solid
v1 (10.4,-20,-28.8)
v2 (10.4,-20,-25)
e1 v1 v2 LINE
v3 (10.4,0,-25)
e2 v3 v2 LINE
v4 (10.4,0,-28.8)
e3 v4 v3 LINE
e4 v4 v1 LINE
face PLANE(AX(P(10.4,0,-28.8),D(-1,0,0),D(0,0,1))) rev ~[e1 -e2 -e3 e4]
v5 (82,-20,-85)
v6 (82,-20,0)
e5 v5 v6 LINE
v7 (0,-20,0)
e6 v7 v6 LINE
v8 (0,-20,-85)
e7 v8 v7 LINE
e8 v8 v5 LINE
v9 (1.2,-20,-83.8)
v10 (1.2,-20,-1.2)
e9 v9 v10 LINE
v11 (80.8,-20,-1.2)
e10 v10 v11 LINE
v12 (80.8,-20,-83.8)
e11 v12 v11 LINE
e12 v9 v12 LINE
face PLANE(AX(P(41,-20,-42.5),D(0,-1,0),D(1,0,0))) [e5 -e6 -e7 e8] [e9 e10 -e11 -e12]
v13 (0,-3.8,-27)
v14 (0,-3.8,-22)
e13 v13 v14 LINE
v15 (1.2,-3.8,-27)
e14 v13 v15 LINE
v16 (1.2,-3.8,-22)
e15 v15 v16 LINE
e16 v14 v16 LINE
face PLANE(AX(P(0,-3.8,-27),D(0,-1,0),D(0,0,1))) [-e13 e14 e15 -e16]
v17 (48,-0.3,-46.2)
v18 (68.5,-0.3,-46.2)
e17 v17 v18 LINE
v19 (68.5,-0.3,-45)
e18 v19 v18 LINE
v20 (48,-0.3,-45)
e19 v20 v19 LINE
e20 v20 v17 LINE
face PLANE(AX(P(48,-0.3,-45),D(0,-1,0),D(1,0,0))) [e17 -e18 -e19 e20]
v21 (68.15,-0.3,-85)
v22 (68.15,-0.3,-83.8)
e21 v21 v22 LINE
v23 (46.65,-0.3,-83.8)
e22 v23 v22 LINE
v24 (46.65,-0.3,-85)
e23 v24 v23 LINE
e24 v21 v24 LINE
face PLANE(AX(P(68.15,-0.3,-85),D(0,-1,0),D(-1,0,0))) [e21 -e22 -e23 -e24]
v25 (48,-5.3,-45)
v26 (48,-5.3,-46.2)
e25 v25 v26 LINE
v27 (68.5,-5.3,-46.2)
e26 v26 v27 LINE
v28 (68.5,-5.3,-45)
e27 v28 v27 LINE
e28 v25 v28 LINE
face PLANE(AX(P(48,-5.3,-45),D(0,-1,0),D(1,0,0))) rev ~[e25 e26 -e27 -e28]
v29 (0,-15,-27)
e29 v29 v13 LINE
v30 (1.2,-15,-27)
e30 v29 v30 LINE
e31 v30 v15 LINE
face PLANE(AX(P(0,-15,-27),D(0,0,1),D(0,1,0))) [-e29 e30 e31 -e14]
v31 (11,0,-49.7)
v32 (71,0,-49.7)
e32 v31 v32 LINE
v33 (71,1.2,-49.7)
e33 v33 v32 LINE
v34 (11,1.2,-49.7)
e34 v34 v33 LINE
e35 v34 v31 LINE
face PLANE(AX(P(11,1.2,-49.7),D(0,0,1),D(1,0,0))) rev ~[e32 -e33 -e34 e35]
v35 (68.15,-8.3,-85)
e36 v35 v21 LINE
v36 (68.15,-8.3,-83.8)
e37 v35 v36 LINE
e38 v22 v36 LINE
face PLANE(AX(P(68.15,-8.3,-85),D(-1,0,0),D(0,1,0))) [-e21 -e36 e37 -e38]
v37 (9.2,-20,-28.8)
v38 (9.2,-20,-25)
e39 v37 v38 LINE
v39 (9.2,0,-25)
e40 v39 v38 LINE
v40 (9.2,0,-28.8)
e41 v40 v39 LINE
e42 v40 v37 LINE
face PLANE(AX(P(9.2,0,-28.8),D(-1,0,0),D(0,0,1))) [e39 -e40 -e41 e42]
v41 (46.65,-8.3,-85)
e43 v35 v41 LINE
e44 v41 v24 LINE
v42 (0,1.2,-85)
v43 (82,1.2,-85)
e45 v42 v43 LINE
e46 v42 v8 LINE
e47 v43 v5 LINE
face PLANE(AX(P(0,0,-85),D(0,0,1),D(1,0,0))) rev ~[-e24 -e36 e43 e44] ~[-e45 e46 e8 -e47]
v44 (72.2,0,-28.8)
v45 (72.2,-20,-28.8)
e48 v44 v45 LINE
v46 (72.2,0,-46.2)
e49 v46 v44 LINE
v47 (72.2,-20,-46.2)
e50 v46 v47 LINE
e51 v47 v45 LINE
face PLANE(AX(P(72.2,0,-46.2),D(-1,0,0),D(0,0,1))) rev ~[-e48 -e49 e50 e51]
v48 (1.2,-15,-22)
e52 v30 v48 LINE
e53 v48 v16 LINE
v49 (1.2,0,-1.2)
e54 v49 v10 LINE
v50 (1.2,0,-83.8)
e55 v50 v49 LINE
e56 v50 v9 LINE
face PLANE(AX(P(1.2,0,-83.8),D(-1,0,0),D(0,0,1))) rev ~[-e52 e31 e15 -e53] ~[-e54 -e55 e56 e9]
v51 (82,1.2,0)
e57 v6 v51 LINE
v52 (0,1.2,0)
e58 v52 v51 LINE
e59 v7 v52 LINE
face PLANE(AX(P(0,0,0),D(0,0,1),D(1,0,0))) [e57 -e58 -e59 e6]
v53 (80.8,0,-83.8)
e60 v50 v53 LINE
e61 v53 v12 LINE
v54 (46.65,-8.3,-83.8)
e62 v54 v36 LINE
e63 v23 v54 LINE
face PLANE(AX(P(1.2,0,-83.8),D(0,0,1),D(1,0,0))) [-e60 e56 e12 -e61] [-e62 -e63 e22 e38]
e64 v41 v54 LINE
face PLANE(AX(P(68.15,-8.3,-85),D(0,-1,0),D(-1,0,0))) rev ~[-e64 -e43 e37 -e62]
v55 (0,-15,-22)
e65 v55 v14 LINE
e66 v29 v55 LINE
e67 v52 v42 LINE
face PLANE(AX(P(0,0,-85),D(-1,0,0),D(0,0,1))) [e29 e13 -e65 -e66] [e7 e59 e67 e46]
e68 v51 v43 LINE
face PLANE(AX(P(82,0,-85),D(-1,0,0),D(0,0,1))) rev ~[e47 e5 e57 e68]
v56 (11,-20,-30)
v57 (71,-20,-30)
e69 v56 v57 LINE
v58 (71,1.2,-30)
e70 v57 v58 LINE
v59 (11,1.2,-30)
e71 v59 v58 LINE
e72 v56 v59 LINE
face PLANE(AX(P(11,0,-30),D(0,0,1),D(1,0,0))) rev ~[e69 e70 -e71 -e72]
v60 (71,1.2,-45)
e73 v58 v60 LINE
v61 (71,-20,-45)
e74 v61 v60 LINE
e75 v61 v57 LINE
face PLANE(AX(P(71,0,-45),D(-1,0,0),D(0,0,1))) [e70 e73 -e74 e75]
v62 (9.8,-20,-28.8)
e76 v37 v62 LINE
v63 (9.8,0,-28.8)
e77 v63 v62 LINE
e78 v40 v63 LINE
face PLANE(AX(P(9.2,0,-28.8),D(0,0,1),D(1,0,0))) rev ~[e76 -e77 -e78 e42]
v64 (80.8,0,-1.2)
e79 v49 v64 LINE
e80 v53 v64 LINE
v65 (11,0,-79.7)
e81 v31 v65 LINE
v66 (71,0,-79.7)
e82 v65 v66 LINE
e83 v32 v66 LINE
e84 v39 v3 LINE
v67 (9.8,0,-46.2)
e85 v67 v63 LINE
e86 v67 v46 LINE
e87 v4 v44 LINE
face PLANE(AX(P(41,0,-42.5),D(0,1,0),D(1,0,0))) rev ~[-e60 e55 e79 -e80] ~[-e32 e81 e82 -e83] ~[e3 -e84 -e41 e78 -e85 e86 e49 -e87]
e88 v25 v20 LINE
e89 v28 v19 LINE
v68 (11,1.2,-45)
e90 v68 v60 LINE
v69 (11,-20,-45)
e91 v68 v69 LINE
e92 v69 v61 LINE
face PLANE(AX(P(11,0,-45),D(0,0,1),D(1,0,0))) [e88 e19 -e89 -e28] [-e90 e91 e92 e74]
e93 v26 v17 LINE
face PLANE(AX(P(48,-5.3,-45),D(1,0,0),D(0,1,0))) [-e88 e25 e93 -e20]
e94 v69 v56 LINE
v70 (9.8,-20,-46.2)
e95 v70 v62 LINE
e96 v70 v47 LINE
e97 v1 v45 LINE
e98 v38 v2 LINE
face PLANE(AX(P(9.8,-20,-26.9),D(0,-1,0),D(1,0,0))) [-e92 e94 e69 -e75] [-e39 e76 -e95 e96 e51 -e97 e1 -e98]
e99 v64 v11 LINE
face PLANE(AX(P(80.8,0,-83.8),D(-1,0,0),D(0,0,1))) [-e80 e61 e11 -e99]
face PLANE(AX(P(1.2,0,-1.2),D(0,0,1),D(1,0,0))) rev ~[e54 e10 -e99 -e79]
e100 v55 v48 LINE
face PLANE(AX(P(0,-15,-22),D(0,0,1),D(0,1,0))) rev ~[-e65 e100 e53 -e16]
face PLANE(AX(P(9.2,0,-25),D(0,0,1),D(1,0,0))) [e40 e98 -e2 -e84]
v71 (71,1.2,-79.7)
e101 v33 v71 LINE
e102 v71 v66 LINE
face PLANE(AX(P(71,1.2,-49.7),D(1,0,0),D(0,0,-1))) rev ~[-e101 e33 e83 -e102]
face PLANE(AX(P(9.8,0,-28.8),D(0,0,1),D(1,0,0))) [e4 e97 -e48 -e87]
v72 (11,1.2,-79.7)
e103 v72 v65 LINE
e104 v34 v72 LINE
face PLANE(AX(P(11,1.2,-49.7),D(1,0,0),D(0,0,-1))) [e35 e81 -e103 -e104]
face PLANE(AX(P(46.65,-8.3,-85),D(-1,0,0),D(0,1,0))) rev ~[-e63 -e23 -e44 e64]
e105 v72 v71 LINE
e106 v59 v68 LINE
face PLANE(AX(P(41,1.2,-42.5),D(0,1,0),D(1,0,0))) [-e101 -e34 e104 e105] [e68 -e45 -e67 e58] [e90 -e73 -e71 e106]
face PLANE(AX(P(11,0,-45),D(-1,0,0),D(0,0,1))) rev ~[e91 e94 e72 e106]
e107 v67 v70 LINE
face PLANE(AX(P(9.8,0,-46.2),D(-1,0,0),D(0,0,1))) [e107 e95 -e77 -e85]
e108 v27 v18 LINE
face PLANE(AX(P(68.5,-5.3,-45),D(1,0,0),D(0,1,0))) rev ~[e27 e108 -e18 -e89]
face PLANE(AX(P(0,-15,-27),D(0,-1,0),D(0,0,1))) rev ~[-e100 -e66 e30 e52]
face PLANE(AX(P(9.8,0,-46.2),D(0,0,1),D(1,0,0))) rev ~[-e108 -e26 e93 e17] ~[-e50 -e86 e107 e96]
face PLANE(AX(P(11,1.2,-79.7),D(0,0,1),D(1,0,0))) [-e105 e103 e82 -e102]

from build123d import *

# Parameters (mm, degrees)
SKETCH1_W           = 82
SKETCH1_H           = 85
BOSS_EXTRUDE1_DEPTH = 1.2
SKETCH2_W           = 60
SKETCH2_H           = 30
CUT_EXTRUDE1_DEPTH  = 2
SKETCH3_W           = 60
SKETCH3_H           = 15
CUT_EXTRUDE2_DEPTH  = 2
SKETCH4_W           = 82
SKETCH4_H           = 85
SKETCH4_W_2         = 79.6
SKETCH4_H_2         = 82.6
BOSS_EXTRUDE2_DEPTH = 20
SKETCH5_W           = 62.4
SKETCH5_H           = 17.4
SKETCH5_W_2         = 60
SKETCH5_H_2         = 15
BOSS_EXTRUDE4_DEPTH = 20
SKETCH10_W          = 1.2
SKETCH10_H          = 3.8
BOSS_EXTRUDE5_DEPTH = 20
SKETCH11_W          = 5
SKETCH11_H          = 11.2
CUT_EXTRUDE3_DEPTH  = 1.5
SKETCH12_W          = 21.5
SKETCH12_H          = 8
CUT_EXTRUDE4_DEPTH  = 1.5
SKETCH15_W          = 20.5
SKETCH15_H          = 5
CUT_EXTRUDE5_DEPTH  = 1.5


with BuildPart() as part:
    # Sketch1 → Boss-Extrude1 (new body)
    with BuildSketch(Plane(origin=(0, 0, 0), x_dir=(1, 0, 0), z_dir=(0, 1, 0))):
        with Locations((41, 42.5)):
            Rectangle(SKETCH1_W, SKETCH1_H)
    extrude(amount=BOSS_EXTRUDE1_DEPTH)

    # Sketch2 → Cut-Extrude1 (cut)
    with BuildSketch(Plane(origin=(0, 1.2, 0), x_dir=(1, 0, 0), z_dir=(0, 1, 0))):
        with Locations((41, 64.7)):
            Rectangle(SKETCH2_W, SKETCH2_H)
    extrude(amount=-CUT_EXTRUDE1_DEPTH, mode=Mode.SUBTRACT)

    # Sketch3 → Cut-Extrude2 (cut)
    with BuildSketch(Plane(origin=(0, 1.2, 0), x_dir=(1, 0, 0), z_dir=(0, 1, 0))):
        with Locations((41, 37.5)):
            Rectangle(SKETCH3_W, SKETCH3_H)
    extrude(amount=-CUT_EXTRUDE2_DEPTH, mode=Mode.SUBTRACT)

    # Sketch4 → Boss-Extrude2 (add)
    with BuildSketch(Plane.XZ):
        with Locations((41, -42.5)):
            Rectangle(SKETCH4_W, SKETCH4_H)
        with Locations((41, -42.5)):
            Rectangle(SKETCH4_W_2, SKETCH4_H_2, mode=Mode.SUBTRACT)
    extrude(amount=BOSS_EXTRUDE2_DEPTH)

    # Sketch5 → Boss-Extrude4 (add)
    with BuildSketch(Plane.XZ):
        with Locations((41, -37.5)):
            Rectangle(SKETCH5_W, SKETCH5_H)
        with Locations((41, -37.5)):
            Rectangle(SKETCH5_W_2, SKETCH5_H_2, mode=Mode.SUBTRACT)
    extrude(amount=BOSS_EXTRUDE4_DEPTH)

    # Sketch10 → Boss-Extrude5 (add)
    with BuildSketch(Plane.XZ):
        with Locations((9.8, -26.9)):
            Rectangle(SKETCH10_W, SKETCH10_H)
    extrude(amount=BOSS_EXTRUDE5_DEPTH)

    # Sketch11 → Cut-Extrude3 (cut)
    with BuildSketch(Plane.ZY):
        with Locations((-24.5, -9.4)):
            Rectangle(SKETCH11_W, SKETCH11_H)
    extrude(amount=-CUT_EXTRUDE3_DEPTH, mode=Mode.SUBTRACT)

    # Sketch12 → Cut-Extrude4 (cut)
    with BuildSketch(Plane(origin=(0, 0, -85), x_dir=(-1, 0, 0), z_dir=(0, 0, -1))):
        with Locations((-57.4, -4.3)):
            Rectangle(SKETCH12_W, SKETCH12_H)
    extrude(amount=-CUT_EXTRUDE4_DEPTH, mode=Mode.SUBTRACT)

    # Sketch15 → Cut-Extrude5 (cut)
    with BuildSketch(Plane.XY.offset(-45)):
        with Locations((58.25, -2.8)):
            Rectangle(SKETCH15_W, SKETCH15_H)
    extrude(amount=-CUT_EXTRUDE5_DEPTH, mode=Mode.SUBTRACT)


solid = part.part
